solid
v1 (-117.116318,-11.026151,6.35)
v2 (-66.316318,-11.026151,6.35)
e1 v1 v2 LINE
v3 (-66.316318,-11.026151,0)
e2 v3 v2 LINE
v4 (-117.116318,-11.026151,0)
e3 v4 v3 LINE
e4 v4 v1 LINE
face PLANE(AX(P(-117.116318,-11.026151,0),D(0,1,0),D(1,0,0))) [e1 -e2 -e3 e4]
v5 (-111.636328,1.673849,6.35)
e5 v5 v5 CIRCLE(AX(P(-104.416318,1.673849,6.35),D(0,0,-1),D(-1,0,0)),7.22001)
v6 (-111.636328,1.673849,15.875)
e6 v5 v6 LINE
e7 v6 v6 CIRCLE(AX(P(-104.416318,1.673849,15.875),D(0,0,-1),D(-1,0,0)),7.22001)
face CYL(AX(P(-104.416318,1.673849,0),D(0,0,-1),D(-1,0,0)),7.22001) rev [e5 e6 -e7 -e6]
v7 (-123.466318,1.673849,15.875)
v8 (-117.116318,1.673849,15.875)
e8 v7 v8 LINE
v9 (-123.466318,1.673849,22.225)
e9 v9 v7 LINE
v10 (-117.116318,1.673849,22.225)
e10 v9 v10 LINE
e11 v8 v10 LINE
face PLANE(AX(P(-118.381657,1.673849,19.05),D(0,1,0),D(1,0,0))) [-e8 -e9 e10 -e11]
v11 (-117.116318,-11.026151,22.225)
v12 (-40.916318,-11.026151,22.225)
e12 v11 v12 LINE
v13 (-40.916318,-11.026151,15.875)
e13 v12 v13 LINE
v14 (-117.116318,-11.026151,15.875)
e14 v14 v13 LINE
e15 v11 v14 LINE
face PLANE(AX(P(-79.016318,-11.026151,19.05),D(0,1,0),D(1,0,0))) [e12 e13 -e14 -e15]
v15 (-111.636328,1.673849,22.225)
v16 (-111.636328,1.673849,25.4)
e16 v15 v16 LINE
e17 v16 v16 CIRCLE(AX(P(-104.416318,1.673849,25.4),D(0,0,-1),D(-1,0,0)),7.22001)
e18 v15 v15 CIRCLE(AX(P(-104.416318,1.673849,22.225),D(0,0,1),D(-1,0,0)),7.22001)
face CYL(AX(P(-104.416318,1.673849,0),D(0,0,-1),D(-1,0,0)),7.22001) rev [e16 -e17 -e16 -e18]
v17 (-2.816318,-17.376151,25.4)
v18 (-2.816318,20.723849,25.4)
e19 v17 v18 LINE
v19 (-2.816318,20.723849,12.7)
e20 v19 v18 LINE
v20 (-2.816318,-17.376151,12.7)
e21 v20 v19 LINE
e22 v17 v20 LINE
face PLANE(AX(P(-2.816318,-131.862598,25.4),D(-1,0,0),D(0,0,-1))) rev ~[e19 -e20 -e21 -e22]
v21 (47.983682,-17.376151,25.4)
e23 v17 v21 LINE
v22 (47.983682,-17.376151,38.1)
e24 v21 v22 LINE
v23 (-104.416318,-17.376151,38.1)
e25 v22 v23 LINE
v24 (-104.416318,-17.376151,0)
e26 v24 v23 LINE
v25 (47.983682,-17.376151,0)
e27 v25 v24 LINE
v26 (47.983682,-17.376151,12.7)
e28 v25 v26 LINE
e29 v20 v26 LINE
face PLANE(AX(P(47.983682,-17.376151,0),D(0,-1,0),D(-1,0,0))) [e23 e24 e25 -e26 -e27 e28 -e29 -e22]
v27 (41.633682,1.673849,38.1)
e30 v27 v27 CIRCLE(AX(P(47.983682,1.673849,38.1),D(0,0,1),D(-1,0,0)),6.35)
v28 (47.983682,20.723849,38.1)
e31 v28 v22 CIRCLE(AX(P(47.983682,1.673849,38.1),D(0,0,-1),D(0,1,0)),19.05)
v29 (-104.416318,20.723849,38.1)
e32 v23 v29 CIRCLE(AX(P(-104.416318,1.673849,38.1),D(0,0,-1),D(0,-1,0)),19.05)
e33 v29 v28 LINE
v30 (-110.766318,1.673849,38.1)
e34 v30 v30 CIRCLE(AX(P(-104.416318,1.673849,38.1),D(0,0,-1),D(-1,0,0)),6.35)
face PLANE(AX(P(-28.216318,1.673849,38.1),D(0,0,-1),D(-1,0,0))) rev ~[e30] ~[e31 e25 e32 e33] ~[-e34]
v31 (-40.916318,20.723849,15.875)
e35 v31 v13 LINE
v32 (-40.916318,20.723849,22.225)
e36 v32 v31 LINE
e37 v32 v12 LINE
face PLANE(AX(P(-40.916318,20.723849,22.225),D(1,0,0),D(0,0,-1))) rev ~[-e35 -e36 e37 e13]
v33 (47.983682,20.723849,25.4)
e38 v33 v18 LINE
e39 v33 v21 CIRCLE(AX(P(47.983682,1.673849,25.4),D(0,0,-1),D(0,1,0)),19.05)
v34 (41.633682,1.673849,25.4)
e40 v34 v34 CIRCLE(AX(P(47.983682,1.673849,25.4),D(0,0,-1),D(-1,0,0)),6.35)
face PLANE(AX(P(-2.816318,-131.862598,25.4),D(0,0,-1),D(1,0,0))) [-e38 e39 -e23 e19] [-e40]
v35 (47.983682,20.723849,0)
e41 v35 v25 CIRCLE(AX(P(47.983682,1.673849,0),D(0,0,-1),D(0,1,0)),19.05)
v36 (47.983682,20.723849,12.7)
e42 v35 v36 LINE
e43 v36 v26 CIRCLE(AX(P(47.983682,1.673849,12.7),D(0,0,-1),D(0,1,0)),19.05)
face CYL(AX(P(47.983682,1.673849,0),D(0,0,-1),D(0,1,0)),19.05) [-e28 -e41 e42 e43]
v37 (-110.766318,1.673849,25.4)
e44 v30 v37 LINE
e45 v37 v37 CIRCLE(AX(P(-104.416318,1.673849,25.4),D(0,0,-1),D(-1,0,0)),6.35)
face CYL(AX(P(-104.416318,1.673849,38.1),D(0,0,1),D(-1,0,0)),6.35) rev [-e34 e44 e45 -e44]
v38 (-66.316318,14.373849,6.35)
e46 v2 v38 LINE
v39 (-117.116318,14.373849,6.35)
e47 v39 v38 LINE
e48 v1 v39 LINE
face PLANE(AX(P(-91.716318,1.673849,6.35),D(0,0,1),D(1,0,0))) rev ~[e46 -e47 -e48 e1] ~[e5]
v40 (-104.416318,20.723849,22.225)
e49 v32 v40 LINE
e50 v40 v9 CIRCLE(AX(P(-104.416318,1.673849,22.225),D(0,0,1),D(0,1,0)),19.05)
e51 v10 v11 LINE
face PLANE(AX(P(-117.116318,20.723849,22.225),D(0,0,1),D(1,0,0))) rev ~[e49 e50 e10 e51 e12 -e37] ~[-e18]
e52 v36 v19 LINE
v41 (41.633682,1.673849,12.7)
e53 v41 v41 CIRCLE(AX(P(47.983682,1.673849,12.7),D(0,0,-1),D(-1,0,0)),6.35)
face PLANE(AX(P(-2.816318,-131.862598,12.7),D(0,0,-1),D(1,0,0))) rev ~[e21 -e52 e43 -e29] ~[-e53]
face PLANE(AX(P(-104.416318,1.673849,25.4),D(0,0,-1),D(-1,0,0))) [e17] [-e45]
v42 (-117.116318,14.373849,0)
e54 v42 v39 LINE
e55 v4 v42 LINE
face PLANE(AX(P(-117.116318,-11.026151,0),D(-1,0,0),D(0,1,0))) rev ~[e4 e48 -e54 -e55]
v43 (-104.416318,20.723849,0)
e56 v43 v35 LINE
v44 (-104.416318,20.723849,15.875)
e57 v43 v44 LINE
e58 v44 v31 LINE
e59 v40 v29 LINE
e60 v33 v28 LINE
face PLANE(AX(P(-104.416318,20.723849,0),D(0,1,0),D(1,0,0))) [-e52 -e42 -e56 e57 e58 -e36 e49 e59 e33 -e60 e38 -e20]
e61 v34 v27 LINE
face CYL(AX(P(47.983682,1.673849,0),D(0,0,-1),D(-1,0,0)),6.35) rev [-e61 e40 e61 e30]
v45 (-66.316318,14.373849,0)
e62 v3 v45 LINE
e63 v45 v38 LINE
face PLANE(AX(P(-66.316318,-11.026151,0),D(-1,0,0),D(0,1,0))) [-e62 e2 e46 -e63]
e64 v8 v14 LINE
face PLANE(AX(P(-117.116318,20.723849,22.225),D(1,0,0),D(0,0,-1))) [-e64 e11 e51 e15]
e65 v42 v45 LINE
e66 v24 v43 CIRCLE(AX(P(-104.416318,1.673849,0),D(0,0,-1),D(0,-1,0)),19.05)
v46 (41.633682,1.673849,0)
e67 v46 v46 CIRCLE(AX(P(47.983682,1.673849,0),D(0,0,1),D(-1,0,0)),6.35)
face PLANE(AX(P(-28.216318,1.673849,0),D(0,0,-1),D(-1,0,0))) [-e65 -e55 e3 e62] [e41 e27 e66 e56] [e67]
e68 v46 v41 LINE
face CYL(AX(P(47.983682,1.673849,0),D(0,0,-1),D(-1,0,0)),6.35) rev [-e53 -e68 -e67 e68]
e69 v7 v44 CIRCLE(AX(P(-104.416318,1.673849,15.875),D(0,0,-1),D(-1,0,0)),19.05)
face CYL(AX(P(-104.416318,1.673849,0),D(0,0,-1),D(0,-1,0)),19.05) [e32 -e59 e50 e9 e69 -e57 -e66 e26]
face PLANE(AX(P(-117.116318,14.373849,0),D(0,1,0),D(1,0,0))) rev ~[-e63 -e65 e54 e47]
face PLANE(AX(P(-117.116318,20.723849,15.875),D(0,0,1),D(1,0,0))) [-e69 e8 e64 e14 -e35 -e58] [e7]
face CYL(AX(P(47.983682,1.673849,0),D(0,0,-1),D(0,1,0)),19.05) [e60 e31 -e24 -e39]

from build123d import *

# Parameters (mm, degrees)
SKETCH1_R               = 6.35
SKETCH1_R_2             = 7.220009846
BOSS_EXTRUDE1_DEPTH     = 38.1
SKETCH2_W               = 50.8
SKETCH2_H               = 25.4
CUT_EXTRUDE1_DEPTH      = 6.35
CUT_EXTRUDE2_DEPTH      = 131.862598214
CUT_EXTRUDE2_DEPTH_BACK = 131.862598214
SKETCH5_W               = 76.2
SKETCH5_H               = 12.7
SKETCH4_W               = 76.2
SKETCH4_H               = 6.35
CUT_EXTRUDE3_DEPTH      = 31.75
SKETCH6_R               = 7.62
SKETCH6_R_2             = 6.35
EXTRUDE_THIN1_DEPTH     = 12.7
SKETCH7_W               = 32.699691946
SKETCH7_H               = 6.35
CUT_EXTRUDE4_DEPTH      = 19.05


with BuildPart() as part:
    # Sketch1 → Boss-Extrude1 (new body)
    with BuildSketch(Plane.XY):
        with BuildLine():
            Line((-104.416317992, 20.723849372), (47.983682008, 20.723849372))
            ThreePointArc((47.983682008, 20.723849372), (67.033682008, 1.673849372), (47.983682008, -17.376150628))
            Line((47.983682008, -17.376150628), (-104.416317992, -17.376150628))
            ThreePointArc((-104.416317992, -17.376150628), (-123.466317992, 1.673849372), (-104.416317992, 20.723849372))
        make_face()
        with Locations(Location((47.983682008, 1.673849372, 0), (0, 0, 180))):
            Circle(SKETCH1_R, mode=Mode.SUBTRACT)
        with Locations(Location((-104.416317992, 1.673849372, 0), (0, 0, 180))):
            Circle(SKETCH1_R_2, mode=Mode.SUBTRACT)
    extrude(amount=BOSS_EXTRUDE1_DEPTH)

    # Sketch2 → Cut-Extrude1 (cut)
    with BuildSketch(Plane.XY):
        with Locations((-91.716317992, 1.673849372)):
            Rectangle(SKETCH2_W, SKETCH2_H)
    extrude(amount=CUT_EXTRUDE1_DEPTH, mode=Mode.SUBTRACT)

    # Sketch5 → Cut-Extrude2 (cut, two sides: drawn at the far end of the back side and taken through both)
    with BuildSketch(Plane(origin=(0, 0, 0), x_dir=(1, 0, 0), z_dir=(0, 1, 0)).offset(-CUT_EXTRUDE2_DEPTH_BACK)):
        with Locations((35.283682008, -19.05)):
            Rectangle(SKETCH5_W, SKETCH5_H)
    extrude(amount=CUT_EXTRUDE2_DEPTH + CUT_EXTRUDE2_DEPTH_BACK, mode=Mode.SUBTRACT)

    # Sketch4 → Cut-Extrude3 (cut)
    with BuildSketch(Plane(origin=(0, 20.723849372, 0), x_dir=(1, 0, 0), z_dir=(0, 1, 0))):
        with Locations((-79.016317992, -19.05)):
            Rectangle(SKETCH4_W, SKETCH4_H)
    extrude(amount=-CUT_EXTRUDE3_DEPTH, mode=Mode.SUBTRACT)

    # Sketch6 → Extrude-Thin1 (add)
    with BuildSketch(Plane(origin=(0, 0, 38.1), x_dir=(-1, 0, 0), z_dir=(0, 0, -1))):
        with Locations((104.416317992, 1.673849372)):
            Circle(SKETCH6_R)
        with Locations((104.416317992, 1.673849372)):
            Circle(SKETCH6_R_2, mode=Mode.SUBTRACT)
    extrude(amount=EXTRUDE_THIN1_DEPTH)

    # Sketch7 → Cut-Extrude4 (cut)
    with BuildSketch(Plane(origin=(0, 20.723849372, 0), x_dir=(1, 0, 0), z_dir=(0, 1, 0))):
        with Locations((-118.381657109, -19.05)):
            Rectangle(SKETCH7_W, SKETCH7_H)
    extrude(amount=-CUT_EXTRUDE4_DEPTH, mode=Mode.SUBTRACT)


solid = part.part
